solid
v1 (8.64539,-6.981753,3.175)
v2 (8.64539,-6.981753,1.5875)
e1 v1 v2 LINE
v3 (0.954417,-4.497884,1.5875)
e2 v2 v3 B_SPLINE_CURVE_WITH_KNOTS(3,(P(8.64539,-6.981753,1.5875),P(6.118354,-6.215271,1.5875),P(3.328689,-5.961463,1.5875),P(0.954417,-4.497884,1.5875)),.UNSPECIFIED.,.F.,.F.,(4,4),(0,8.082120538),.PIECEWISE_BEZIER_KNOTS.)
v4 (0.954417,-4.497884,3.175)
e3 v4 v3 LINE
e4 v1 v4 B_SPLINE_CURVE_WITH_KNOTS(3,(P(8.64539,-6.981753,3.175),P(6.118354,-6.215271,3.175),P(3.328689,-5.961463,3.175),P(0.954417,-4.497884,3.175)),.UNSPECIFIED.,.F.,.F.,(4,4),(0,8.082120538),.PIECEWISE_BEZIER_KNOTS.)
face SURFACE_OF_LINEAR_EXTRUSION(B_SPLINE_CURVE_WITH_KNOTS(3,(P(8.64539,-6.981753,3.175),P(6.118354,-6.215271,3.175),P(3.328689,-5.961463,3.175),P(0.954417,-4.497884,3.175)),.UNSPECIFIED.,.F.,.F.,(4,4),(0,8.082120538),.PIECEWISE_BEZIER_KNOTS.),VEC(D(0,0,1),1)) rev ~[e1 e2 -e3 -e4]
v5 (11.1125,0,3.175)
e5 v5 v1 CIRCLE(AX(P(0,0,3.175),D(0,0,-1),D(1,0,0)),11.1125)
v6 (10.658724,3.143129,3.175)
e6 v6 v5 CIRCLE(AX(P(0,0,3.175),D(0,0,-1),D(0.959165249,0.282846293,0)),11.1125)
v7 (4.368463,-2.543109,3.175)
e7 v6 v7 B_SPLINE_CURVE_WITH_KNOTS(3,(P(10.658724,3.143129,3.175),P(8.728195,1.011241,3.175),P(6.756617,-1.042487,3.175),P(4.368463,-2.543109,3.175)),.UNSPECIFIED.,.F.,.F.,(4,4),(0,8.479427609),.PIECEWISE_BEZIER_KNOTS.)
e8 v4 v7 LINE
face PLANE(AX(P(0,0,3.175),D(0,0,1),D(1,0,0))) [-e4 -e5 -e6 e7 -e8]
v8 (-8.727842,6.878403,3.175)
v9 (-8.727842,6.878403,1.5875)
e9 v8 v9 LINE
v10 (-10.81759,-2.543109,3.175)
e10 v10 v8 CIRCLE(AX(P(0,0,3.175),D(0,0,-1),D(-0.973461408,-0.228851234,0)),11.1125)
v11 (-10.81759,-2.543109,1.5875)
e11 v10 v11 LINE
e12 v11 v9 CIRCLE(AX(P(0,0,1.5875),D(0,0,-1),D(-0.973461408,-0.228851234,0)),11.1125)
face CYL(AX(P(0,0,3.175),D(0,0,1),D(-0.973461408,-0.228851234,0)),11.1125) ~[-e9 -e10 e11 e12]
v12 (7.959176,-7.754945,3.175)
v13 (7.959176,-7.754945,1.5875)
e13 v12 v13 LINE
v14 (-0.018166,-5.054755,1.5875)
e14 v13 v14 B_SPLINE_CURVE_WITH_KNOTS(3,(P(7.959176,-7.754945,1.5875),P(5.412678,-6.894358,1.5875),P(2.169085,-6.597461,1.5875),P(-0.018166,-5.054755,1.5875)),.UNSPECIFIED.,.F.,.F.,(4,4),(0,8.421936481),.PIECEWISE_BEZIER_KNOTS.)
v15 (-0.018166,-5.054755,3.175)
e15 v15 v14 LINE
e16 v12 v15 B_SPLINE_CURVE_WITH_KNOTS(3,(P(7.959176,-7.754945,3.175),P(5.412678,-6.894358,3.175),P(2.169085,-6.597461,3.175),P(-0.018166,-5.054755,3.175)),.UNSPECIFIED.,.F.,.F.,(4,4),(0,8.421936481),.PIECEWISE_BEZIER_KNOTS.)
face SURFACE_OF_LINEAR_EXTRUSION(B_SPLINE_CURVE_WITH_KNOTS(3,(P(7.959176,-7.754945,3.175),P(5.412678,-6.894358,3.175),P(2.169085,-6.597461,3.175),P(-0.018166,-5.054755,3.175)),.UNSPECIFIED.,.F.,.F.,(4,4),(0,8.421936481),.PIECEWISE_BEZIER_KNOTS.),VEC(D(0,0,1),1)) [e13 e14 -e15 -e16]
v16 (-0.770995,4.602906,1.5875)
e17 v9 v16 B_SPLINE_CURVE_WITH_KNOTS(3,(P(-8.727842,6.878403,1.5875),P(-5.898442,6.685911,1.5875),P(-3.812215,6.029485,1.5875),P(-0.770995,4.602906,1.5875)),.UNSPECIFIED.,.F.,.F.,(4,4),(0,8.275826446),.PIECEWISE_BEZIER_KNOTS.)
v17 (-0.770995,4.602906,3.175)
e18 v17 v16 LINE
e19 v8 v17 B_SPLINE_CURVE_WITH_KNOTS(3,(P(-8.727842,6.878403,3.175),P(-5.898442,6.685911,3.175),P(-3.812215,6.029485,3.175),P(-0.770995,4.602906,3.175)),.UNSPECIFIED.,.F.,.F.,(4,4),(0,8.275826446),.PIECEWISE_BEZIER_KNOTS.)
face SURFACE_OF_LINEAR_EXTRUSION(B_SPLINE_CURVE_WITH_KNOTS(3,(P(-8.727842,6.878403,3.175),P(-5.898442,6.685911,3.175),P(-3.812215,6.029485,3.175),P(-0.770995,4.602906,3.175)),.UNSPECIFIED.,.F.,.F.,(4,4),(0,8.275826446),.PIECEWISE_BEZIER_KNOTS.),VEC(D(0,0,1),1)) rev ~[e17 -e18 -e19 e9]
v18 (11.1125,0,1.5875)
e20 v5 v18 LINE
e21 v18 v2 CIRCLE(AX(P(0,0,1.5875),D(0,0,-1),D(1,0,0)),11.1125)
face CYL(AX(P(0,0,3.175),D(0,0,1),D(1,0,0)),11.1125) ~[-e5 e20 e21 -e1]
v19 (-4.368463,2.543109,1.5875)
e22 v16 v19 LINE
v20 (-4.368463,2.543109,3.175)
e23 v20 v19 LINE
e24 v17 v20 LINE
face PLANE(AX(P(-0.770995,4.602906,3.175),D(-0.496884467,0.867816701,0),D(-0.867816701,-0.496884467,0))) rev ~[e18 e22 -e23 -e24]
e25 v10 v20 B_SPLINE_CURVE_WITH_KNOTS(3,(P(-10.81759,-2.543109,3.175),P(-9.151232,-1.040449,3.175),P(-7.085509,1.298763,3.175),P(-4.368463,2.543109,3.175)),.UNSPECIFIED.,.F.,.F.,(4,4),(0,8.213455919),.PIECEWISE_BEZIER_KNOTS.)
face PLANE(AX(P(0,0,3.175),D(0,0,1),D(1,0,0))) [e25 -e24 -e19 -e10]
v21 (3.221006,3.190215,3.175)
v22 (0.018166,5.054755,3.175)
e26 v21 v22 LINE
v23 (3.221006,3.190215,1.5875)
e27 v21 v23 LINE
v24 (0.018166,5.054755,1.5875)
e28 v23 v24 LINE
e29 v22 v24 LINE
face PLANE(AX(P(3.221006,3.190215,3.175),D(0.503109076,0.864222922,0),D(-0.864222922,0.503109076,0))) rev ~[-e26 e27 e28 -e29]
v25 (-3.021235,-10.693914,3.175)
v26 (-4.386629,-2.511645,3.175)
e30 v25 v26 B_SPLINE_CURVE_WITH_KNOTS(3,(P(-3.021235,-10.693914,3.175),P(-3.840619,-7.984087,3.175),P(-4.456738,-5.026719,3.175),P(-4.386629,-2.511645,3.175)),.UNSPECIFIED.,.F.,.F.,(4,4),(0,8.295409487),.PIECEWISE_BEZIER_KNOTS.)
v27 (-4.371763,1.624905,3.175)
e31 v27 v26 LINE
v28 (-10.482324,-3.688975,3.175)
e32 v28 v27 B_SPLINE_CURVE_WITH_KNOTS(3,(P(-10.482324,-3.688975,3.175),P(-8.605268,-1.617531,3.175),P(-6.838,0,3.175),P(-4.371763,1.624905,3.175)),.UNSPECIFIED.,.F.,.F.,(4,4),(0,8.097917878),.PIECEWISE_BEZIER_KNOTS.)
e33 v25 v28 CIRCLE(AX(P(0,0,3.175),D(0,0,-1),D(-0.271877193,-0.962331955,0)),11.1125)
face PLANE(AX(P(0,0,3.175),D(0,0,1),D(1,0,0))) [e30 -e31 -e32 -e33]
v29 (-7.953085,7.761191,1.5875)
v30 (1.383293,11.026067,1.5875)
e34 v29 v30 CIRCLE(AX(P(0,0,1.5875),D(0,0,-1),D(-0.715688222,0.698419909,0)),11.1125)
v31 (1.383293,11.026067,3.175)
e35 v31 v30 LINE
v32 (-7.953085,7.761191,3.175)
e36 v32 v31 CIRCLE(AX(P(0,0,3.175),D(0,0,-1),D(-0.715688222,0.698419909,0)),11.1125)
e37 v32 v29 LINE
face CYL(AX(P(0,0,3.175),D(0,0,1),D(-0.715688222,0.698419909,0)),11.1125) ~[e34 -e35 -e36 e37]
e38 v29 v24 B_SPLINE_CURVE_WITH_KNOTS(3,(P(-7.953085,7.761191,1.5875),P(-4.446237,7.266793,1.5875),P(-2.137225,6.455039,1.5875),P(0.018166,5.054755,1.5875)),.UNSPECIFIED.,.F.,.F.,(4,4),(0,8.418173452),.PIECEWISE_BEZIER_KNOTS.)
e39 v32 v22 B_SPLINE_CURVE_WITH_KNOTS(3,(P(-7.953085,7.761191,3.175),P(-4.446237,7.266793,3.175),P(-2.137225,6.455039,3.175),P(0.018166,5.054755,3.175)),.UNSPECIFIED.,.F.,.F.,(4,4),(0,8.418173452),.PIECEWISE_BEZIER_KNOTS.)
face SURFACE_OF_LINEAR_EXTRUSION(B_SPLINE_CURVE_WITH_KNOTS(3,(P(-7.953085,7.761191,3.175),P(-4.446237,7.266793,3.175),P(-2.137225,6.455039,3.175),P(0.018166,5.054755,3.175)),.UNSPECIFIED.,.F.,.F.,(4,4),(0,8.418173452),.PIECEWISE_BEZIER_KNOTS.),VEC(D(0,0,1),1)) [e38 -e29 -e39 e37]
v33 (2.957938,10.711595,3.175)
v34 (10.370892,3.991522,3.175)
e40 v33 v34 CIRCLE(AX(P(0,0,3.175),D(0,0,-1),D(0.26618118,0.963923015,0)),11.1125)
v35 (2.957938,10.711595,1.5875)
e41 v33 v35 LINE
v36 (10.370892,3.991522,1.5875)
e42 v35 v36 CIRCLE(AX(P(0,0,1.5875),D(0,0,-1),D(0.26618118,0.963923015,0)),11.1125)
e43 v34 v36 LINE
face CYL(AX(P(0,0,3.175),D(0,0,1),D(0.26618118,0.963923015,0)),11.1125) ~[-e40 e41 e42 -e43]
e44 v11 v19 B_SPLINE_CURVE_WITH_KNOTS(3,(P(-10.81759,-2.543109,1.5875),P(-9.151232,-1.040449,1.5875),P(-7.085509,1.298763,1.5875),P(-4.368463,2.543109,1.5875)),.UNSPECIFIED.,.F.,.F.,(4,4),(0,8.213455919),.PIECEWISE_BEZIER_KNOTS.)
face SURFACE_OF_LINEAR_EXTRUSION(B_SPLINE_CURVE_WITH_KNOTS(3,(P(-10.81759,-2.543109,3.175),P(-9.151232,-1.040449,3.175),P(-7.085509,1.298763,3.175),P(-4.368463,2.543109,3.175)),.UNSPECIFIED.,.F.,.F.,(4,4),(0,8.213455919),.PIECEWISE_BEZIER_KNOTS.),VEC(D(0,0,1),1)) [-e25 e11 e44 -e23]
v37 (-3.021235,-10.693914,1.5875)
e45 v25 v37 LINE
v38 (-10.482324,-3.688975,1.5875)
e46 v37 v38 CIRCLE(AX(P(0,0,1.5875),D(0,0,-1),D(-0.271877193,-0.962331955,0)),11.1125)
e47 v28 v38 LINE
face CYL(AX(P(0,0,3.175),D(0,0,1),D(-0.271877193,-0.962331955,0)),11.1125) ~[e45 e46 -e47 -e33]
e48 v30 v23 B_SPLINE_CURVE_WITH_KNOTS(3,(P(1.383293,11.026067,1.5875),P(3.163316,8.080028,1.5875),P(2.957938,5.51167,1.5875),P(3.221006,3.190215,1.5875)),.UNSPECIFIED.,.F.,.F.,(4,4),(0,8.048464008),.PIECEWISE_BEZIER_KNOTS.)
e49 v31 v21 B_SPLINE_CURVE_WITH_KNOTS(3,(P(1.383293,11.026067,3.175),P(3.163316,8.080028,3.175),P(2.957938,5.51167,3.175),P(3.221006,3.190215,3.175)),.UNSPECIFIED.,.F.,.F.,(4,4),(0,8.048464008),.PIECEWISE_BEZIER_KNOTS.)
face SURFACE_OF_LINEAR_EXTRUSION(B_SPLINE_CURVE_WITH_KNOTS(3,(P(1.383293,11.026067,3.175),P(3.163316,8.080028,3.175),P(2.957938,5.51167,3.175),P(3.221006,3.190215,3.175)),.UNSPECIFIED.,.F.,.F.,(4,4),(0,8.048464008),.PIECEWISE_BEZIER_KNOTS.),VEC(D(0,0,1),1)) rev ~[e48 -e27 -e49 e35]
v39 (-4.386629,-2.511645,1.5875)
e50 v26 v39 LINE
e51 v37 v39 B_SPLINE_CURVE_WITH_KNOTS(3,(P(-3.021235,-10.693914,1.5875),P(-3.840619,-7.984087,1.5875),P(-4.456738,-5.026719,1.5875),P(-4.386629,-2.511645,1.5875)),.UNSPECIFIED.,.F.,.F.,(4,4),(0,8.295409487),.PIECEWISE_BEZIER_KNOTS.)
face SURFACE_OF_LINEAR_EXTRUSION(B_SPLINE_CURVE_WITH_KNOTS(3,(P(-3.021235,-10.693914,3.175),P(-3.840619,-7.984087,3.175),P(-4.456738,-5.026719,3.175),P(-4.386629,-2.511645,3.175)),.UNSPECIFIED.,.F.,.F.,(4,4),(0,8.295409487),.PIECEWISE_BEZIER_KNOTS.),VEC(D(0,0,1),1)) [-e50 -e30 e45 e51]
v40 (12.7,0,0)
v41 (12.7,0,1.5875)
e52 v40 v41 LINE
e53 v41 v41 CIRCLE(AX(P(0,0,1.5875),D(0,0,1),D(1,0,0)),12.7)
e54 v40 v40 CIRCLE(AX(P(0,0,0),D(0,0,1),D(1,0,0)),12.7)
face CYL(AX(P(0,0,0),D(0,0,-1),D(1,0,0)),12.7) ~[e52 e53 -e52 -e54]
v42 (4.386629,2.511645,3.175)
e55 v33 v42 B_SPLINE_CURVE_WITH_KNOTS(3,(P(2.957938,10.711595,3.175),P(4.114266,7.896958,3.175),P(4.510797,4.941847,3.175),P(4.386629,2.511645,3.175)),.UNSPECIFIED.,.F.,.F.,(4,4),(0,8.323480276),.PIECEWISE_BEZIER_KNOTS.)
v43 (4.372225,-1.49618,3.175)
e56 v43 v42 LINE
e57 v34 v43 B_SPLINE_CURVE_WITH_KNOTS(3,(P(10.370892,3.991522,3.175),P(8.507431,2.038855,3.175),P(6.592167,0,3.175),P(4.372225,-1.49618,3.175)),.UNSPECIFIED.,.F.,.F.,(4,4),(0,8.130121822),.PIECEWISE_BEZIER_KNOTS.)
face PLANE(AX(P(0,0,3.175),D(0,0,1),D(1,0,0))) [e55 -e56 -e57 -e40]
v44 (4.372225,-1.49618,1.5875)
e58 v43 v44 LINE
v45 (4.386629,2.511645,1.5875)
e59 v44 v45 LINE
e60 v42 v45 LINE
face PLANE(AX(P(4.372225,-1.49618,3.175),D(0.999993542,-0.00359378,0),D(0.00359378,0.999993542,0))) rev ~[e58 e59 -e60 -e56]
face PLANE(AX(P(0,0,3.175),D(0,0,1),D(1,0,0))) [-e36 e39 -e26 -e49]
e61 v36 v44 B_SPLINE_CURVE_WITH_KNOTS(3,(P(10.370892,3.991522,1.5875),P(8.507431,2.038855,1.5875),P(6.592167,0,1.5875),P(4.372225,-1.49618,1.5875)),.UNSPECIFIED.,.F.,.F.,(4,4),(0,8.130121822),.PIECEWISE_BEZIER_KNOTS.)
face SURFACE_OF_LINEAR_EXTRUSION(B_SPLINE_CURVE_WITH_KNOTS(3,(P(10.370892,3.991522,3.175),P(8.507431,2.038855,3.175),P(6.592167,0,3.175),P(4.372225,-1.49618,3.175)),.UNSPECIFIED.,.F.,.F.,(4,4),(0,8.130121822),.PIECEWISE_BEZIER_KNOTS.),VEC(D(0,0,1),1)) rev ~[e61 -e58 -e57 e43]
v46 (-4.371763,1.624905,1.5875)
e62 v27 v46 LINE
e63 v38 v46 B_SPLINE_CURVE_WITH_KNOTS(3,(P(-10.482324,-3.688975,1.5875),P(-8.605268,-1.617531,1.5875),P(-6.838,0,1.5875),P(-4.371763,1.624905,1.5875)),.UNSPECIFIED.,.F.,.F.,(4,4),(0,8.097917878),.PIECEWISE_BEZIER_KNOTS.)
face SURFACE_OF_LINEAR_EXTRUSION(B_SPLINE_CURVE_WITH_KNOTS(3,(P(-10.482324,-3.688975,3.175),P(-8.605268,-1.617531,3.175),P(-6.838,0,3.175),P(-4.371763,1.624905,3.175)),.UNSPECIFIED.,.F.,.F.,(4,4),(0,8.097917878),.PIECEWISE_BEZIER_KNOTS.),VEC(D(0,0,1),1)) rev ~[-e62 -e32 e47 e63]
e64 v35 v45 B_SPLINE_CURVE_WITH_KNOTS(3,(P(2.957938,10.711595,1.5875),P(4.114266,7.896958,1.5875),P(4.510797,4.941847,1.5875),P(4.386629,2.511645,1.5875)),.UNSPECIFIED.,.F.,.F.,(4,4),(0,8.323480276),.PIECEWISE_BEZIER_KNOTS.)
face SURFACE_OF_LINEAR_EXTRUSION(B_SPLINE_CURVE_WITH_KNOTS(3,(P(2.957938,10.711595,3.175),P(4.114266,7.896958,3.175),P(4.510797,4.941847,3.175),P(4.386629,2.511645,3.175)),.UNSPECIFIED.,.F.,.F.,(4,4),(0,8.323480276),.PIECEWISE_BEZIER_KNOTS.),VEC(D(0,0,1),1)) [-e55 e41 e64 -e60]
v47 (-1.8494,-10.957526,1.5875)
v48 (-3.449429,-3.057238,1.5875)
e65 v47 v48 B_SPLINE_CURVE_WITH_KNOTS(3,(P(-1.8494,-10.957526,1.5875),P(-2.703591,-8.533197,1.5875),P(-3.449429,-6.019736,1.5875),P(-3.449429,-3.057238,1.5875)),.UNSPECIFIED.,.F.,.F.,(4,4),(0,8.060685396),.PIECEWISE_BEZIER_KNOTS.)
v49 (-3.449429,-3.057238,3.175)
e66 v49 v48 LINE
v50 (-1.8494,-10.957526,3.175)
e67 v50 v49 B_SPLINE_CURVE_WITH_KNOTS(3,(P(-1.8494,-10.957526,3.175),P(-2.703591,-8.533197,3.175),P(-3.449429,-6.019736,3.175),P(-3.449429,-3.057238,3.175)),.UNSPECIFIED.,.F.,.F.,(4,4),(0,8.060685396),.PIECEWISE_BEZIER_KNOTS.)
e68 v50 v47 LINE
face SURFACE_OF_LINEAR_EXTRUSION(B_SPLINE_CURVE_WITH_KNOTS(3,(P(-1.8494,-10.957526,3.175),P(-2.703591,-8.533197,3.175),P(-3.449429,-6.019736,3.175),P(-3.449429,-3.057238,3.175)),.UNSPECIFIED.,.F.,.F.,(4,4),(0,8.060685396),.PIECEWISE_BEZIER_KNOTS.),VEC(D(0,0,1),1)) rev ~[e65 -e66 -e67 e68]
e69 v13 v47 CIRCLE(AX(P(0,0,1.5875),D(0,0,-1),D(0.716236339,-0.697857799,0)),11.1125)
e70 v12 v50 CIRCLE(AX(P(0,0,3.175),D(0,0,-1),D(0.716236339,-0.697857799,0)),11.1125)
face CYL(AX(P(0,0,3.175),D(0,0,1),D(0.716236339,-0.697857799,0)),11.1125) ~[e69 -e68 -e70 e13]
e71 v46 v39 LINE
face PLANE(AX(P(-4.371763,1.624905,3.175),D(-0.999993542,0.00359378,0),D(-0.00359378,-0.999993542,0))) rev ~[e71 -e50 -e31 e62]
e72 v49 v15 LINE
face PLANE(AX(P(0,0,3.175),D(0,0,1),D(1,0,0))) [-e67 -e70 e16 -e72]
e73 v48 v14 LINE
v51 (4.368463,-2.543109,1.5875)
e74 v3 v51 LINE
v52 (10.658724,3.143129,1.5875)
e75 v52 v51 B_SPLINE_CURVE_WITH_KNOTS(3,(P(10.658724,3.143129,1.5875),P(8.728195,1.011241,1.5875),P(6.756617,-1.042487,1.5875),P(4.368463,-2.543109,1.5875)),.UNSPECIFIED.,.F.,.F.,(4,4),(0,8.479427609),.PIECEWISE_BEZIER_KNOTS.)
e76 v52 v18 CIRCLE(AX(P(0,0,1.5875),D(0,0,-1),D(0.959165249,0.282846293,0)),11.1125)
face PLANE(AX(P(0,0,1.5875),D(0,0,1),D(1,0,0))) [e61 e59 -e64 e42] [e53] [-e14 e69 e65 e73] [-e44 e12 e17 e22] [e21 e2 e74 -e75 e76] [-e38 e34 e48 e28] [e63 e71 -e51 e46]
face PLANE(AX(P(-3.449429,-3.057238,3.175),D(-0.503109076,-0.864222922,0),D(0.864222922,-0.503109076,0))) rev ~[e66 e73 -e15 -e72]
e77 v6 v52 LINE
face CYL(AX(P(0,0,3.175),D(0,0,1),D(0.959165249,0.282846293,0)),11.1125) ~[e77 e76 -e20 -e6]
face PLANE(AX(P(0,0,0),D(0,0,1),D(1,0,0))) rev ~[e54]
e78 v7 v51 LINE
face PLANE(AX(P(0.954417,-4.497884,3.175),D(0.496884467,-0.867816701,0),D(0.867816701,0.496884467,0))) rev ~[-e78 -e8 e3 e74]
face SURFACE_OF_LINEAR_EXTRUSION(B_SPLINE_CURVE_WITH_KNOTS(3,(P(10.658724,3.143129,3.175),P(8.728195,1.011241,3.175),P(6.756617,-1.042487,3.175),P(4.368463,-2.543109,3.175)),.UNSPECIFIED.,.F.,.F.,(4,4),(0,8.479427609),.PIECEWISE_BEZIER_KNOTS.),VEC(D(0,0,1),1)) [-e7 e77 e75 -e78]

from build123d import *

# Parameters (mm, degrees)
F0_R     = 12.7
F1_DEPTH = 3.175
F2_R     = 12.7
F3_DEPTH = 1.5875


with BuildPart() as f1:
    # F0 (on Top) → F1 (new body)
    with BuildSketch(Plane.XY):
        Circle(F0_R)
    extrude(amount=F1_DEPTH)

    # F2 (on face) → F3 (cut)
    with BuildSketch(Plane.XY.offset(3.175)):
        Circle(F2_R)
        with BuildLine():
            ThreePointArc((10.658723829, 3.1431294257), (10.9984709119, 1.5878582588), (11.1125, 0))
            ThreePointArc((11.1125, 0), (10.4775845877, -3.7024150846), (8.6453904461, -6.9817533818))
            ThreePointArc((8.6453904461, -6.9817533818), (8.3112794178, -7.3763331466), (7.9591763141, -7.7549447871))
            ThreePointArc((7.9591763141, -7.7549447871), (3.4491264231, -10.5636728067), (-1.8494000494, -10.9575259848))
            ThreePointArc((-1.8494000494, -10.9575259848), (-2.4388819255, -10.8415640571), (-3.0212353124, -10.6939138503))
            ThreePointArc((-3.0212353124, -10.6939138503), (-7.6061700268, -8.101471087), (-10.482324205, -3.6889748591))
            ThreePointArc((-10.482324205, -3.6889748591), (-10.665356868, -3.1205478892), (-10.8175898956, -2.5431093373))
            ThreePointArc((-10.8175898956, -2.5431093373), (-10.8488341103, 2.4063363639), (-8.7278420108, 6.8784031639))
            ThreePointArc((-8.7278420108, 6.8784031639), (-8.3521352503, 7.3300404508), (-7.9530853669, 7.7611912357))
            ThreePointArc((-7.9530853669, 7.7611912357), (-3.6681599101, 10.4896262624), (1.3832928535, 11.0260671652))
            ThreePointArc((1.3832928535, 11.0260671652), (2.176303147, 10.8973097993), (2.9579383656, 10.7115945067))
            ThreePointArc((2.9579383656, 10.7115945067), (7.4635295845, 8.2330664027), (10.3708922379, 3.9915223212))
            ThreePointArc((10.3708922379, 3.9915223212), (10.5233611839, 3.5702276739), (10.658723829, 3.1431294257))
        make_face(mode=Mode.SUBTRACT)
        Polygon((0.9544174306, -4.4978841302), (4.3684629994, -2.5431093373), (4.3722254567, -1.496180084), (4.3866287904, 2.5116452644), (3.221006159, 3.1902147745), (0.0181657909, 5.0547546016), (-0.7709948655, 4.6029061047), (-4.3684629994, 2.5431093373), (-4.3717628465, 1.6249045005), (-4.3866287904, -2.5116452644), (-3.4494294564, -3.0572377021), (-0.0181657909, -5.0547546016), align=None)
        with BuildLine():
            add(Edge.make_bspline(
                [(2.9579383656, 10.7115945067), (4.1142658453, 7.8969584627), (4.5107973736, 4.9418471747), (4.3866287904, 2.5116452644)],
                knots=[0, 0, 0, 0, 8.3234802761, 8.3234802761, 8.3234802761, 8.3234802761], degree=3))
            ThreePointArc((2.9579383656, 10.7115945067), (2.176303147, 10.8973097993), (1.3832928535, 11.0260671652))
            add(Edge.make_bspline(
                [(1.3832928535, 11.0260671652), (3.1633162871, 8.0800279975), (2.9579383656, 5.5116703447), (3.221006159, 3.1902147745)],
                knots=[0, 0, 0, 0, 8.0484640076, 8.0484640076, 8.0484640076, 8.0484640076], degree=3))
            Line((3.221006159, 3.1902147745), (4.3866287904, 2.5116452644))
        make_face()
        with BuildLine():
            ThreePointArc((-3.0212353124, -10.6939138503), (-2.4388819255, -10.8415640571), (-1.8494000494, -10.9575259848))
            add(Edge.make_bspline(
                [(-1.8494000494, -10.9575259848), (-2.7035912499, -8.5331965238), (-3.4494294564, -6.0197356964), (-3.4494294564, -3.0572377021)],
                knots=[0, 0, 0, 0, 8.0606853959, 8.0606853959, 8.0606853959, 8.0606853959], degree=3))
            Line((-3.4494294564, -3.0572377021), (-4.3866287904, -2.5116452644))
            add(Edge.make_bspline(
                [(-3.0212353124, -10.6939138503), (-3.8406192325, -7.9840868711), (-4.4567375444, -5.0267190672), (-4.3866287904, -2.5116452644)],
                knots=[0, 0, 0, 0, 8.2954094873, 8.2954094873, 8.2954094873, 8.2954094873], degree=3))
        make_face()
        with BuildLine():
            ThreePointArc((-10.8175898956, -2.5431093373), (-10.665356868, -3.1205478892), (-10.482324205, -3.6889748591))
            add(Edge.make_bspline(
                [(-10.482324205, -3.6889748591), (-8.6052678525, -1.6175307101), (-6.8379997584, 0), (-4.3717628465, 1.6249045005)],
                knots=[0, 0, 0, 0, 8.0979178784, 8.0979178784, 8.0979178784, 8.0979178784], degree=3))
            Line((-4.3717628465, 1.6249045005), (-4.3684629994, 2.5431093373))
            add(Edge.make_bspline(
                [(-10.8175898956, -2.5431093373), (-9.1512324774, -1.0404492055), (-7.0855091326, 1.2987629743), (-4.3684629994, 2.5431093373)],
                knots=[0, 0, 0, 0, 8.2134559186, 8.2134559186, 8.2134559186, 8.2134559186], degree=3))
        make_face()
        with BuildLine():
            add(Edge.make_bspline(
                [(-7.9530853669, 7.7611912357), (-4.446237348, 7.2667929344), (-2.1372254965, 6.4550389593), (0.0181657909, 5.0547546016)],
                knots=[0, 0, 0, 0, 8.4181734525, 8.4181734525, 8.4181734525, 8.4181734525], degree=3))
            ThreePointArc((-7.9530853669, 7.7611912357), (-8.3521352503, 7.3300404508), (-8.7278420108, 6.8784031639))
            add(Edge.make_bspline(
                [(-8.7278420108, 6.8784031639), (-5.8984421194, 6.6859107465), (-3.8122152153, 6.0294846242), (-0.7709948655, 4.6029061047)],
                knots=[0, 0, 0, 0, 8.2758264457, 8.2758264457, 8.2758264457, 8.2758264457], degree=3))
            Line((-0.7709948655, 4.6029061047), (0.0181657909, 5.0547546016))
        make_face()
        with BuildLine():
            ThreePointArc((7.9591763141, -7.7549447871), (8.3112794178, -7.3763331466), (8.6453904461, -6.9817533818))
            add(Edge.make_bspline(
                [(8.6453904461, -6.9817533818), (6.1183535246, -6.215270692), (3.3286891114, -5.96146335), (0.9544174306, -4.4978841302)],
                knots=[0, 0, 0, 0, 8.0821205376, 8.0821205376, 8.0821205376, 8.0821205376], degree=3))
            Line((0.9544174306, -4.4978841302), (-0.0181657909, -5.0547546016))
            add(Edge.make_bspline(
                [(7.9591763141, -7.7549447871), (5.4126778469, -6.8943584803), (2.1690848592, -6.5974611149), (-0.0181657909, -5.0547546016)],
                knots=[0, 0, 0, 0, 8.4219364815, 8.4219364815, 8.4219364815, 8.4219364815], degree=3))
        make_face()
        with BuildLine():
            add(Edge.make_bspline(
                [(10.658723829, 3.1431294257), (8.7281949818, 1.0112409946), (6.7566167563, -1.0424868669), (4.3684629994, -2.5431093373)],
                knots=[0, 0, 0, 0, 8.4794276088, 8.4794276088, 8.4794276088, 8.4794276088], degree=3))
            ThreePointArc((10.658723829, 3.1431294257), (10.5233611839, 3.5702276739), (10.3708922379, 3.9915223212))
            add(Edge.make_bspline(
                [(10.3708922379, 3.9915223212), (8.5074305534, 2.0388548728), (6.5921674386, 0), (4.3722254567, -1.496180084)],
                knots=[0, 0, 0, 0, 8.130121822, 8.130121822, 8.130121822, 8.130121822], degree=3))
            Line((4.3722254567, -1.496180084), (4.3684629994, -2.5431093373))
        make_face()
    extrude(amount=-F3_DEPTH, mode=Mode.SUBTRACT)


solid = f1.part
